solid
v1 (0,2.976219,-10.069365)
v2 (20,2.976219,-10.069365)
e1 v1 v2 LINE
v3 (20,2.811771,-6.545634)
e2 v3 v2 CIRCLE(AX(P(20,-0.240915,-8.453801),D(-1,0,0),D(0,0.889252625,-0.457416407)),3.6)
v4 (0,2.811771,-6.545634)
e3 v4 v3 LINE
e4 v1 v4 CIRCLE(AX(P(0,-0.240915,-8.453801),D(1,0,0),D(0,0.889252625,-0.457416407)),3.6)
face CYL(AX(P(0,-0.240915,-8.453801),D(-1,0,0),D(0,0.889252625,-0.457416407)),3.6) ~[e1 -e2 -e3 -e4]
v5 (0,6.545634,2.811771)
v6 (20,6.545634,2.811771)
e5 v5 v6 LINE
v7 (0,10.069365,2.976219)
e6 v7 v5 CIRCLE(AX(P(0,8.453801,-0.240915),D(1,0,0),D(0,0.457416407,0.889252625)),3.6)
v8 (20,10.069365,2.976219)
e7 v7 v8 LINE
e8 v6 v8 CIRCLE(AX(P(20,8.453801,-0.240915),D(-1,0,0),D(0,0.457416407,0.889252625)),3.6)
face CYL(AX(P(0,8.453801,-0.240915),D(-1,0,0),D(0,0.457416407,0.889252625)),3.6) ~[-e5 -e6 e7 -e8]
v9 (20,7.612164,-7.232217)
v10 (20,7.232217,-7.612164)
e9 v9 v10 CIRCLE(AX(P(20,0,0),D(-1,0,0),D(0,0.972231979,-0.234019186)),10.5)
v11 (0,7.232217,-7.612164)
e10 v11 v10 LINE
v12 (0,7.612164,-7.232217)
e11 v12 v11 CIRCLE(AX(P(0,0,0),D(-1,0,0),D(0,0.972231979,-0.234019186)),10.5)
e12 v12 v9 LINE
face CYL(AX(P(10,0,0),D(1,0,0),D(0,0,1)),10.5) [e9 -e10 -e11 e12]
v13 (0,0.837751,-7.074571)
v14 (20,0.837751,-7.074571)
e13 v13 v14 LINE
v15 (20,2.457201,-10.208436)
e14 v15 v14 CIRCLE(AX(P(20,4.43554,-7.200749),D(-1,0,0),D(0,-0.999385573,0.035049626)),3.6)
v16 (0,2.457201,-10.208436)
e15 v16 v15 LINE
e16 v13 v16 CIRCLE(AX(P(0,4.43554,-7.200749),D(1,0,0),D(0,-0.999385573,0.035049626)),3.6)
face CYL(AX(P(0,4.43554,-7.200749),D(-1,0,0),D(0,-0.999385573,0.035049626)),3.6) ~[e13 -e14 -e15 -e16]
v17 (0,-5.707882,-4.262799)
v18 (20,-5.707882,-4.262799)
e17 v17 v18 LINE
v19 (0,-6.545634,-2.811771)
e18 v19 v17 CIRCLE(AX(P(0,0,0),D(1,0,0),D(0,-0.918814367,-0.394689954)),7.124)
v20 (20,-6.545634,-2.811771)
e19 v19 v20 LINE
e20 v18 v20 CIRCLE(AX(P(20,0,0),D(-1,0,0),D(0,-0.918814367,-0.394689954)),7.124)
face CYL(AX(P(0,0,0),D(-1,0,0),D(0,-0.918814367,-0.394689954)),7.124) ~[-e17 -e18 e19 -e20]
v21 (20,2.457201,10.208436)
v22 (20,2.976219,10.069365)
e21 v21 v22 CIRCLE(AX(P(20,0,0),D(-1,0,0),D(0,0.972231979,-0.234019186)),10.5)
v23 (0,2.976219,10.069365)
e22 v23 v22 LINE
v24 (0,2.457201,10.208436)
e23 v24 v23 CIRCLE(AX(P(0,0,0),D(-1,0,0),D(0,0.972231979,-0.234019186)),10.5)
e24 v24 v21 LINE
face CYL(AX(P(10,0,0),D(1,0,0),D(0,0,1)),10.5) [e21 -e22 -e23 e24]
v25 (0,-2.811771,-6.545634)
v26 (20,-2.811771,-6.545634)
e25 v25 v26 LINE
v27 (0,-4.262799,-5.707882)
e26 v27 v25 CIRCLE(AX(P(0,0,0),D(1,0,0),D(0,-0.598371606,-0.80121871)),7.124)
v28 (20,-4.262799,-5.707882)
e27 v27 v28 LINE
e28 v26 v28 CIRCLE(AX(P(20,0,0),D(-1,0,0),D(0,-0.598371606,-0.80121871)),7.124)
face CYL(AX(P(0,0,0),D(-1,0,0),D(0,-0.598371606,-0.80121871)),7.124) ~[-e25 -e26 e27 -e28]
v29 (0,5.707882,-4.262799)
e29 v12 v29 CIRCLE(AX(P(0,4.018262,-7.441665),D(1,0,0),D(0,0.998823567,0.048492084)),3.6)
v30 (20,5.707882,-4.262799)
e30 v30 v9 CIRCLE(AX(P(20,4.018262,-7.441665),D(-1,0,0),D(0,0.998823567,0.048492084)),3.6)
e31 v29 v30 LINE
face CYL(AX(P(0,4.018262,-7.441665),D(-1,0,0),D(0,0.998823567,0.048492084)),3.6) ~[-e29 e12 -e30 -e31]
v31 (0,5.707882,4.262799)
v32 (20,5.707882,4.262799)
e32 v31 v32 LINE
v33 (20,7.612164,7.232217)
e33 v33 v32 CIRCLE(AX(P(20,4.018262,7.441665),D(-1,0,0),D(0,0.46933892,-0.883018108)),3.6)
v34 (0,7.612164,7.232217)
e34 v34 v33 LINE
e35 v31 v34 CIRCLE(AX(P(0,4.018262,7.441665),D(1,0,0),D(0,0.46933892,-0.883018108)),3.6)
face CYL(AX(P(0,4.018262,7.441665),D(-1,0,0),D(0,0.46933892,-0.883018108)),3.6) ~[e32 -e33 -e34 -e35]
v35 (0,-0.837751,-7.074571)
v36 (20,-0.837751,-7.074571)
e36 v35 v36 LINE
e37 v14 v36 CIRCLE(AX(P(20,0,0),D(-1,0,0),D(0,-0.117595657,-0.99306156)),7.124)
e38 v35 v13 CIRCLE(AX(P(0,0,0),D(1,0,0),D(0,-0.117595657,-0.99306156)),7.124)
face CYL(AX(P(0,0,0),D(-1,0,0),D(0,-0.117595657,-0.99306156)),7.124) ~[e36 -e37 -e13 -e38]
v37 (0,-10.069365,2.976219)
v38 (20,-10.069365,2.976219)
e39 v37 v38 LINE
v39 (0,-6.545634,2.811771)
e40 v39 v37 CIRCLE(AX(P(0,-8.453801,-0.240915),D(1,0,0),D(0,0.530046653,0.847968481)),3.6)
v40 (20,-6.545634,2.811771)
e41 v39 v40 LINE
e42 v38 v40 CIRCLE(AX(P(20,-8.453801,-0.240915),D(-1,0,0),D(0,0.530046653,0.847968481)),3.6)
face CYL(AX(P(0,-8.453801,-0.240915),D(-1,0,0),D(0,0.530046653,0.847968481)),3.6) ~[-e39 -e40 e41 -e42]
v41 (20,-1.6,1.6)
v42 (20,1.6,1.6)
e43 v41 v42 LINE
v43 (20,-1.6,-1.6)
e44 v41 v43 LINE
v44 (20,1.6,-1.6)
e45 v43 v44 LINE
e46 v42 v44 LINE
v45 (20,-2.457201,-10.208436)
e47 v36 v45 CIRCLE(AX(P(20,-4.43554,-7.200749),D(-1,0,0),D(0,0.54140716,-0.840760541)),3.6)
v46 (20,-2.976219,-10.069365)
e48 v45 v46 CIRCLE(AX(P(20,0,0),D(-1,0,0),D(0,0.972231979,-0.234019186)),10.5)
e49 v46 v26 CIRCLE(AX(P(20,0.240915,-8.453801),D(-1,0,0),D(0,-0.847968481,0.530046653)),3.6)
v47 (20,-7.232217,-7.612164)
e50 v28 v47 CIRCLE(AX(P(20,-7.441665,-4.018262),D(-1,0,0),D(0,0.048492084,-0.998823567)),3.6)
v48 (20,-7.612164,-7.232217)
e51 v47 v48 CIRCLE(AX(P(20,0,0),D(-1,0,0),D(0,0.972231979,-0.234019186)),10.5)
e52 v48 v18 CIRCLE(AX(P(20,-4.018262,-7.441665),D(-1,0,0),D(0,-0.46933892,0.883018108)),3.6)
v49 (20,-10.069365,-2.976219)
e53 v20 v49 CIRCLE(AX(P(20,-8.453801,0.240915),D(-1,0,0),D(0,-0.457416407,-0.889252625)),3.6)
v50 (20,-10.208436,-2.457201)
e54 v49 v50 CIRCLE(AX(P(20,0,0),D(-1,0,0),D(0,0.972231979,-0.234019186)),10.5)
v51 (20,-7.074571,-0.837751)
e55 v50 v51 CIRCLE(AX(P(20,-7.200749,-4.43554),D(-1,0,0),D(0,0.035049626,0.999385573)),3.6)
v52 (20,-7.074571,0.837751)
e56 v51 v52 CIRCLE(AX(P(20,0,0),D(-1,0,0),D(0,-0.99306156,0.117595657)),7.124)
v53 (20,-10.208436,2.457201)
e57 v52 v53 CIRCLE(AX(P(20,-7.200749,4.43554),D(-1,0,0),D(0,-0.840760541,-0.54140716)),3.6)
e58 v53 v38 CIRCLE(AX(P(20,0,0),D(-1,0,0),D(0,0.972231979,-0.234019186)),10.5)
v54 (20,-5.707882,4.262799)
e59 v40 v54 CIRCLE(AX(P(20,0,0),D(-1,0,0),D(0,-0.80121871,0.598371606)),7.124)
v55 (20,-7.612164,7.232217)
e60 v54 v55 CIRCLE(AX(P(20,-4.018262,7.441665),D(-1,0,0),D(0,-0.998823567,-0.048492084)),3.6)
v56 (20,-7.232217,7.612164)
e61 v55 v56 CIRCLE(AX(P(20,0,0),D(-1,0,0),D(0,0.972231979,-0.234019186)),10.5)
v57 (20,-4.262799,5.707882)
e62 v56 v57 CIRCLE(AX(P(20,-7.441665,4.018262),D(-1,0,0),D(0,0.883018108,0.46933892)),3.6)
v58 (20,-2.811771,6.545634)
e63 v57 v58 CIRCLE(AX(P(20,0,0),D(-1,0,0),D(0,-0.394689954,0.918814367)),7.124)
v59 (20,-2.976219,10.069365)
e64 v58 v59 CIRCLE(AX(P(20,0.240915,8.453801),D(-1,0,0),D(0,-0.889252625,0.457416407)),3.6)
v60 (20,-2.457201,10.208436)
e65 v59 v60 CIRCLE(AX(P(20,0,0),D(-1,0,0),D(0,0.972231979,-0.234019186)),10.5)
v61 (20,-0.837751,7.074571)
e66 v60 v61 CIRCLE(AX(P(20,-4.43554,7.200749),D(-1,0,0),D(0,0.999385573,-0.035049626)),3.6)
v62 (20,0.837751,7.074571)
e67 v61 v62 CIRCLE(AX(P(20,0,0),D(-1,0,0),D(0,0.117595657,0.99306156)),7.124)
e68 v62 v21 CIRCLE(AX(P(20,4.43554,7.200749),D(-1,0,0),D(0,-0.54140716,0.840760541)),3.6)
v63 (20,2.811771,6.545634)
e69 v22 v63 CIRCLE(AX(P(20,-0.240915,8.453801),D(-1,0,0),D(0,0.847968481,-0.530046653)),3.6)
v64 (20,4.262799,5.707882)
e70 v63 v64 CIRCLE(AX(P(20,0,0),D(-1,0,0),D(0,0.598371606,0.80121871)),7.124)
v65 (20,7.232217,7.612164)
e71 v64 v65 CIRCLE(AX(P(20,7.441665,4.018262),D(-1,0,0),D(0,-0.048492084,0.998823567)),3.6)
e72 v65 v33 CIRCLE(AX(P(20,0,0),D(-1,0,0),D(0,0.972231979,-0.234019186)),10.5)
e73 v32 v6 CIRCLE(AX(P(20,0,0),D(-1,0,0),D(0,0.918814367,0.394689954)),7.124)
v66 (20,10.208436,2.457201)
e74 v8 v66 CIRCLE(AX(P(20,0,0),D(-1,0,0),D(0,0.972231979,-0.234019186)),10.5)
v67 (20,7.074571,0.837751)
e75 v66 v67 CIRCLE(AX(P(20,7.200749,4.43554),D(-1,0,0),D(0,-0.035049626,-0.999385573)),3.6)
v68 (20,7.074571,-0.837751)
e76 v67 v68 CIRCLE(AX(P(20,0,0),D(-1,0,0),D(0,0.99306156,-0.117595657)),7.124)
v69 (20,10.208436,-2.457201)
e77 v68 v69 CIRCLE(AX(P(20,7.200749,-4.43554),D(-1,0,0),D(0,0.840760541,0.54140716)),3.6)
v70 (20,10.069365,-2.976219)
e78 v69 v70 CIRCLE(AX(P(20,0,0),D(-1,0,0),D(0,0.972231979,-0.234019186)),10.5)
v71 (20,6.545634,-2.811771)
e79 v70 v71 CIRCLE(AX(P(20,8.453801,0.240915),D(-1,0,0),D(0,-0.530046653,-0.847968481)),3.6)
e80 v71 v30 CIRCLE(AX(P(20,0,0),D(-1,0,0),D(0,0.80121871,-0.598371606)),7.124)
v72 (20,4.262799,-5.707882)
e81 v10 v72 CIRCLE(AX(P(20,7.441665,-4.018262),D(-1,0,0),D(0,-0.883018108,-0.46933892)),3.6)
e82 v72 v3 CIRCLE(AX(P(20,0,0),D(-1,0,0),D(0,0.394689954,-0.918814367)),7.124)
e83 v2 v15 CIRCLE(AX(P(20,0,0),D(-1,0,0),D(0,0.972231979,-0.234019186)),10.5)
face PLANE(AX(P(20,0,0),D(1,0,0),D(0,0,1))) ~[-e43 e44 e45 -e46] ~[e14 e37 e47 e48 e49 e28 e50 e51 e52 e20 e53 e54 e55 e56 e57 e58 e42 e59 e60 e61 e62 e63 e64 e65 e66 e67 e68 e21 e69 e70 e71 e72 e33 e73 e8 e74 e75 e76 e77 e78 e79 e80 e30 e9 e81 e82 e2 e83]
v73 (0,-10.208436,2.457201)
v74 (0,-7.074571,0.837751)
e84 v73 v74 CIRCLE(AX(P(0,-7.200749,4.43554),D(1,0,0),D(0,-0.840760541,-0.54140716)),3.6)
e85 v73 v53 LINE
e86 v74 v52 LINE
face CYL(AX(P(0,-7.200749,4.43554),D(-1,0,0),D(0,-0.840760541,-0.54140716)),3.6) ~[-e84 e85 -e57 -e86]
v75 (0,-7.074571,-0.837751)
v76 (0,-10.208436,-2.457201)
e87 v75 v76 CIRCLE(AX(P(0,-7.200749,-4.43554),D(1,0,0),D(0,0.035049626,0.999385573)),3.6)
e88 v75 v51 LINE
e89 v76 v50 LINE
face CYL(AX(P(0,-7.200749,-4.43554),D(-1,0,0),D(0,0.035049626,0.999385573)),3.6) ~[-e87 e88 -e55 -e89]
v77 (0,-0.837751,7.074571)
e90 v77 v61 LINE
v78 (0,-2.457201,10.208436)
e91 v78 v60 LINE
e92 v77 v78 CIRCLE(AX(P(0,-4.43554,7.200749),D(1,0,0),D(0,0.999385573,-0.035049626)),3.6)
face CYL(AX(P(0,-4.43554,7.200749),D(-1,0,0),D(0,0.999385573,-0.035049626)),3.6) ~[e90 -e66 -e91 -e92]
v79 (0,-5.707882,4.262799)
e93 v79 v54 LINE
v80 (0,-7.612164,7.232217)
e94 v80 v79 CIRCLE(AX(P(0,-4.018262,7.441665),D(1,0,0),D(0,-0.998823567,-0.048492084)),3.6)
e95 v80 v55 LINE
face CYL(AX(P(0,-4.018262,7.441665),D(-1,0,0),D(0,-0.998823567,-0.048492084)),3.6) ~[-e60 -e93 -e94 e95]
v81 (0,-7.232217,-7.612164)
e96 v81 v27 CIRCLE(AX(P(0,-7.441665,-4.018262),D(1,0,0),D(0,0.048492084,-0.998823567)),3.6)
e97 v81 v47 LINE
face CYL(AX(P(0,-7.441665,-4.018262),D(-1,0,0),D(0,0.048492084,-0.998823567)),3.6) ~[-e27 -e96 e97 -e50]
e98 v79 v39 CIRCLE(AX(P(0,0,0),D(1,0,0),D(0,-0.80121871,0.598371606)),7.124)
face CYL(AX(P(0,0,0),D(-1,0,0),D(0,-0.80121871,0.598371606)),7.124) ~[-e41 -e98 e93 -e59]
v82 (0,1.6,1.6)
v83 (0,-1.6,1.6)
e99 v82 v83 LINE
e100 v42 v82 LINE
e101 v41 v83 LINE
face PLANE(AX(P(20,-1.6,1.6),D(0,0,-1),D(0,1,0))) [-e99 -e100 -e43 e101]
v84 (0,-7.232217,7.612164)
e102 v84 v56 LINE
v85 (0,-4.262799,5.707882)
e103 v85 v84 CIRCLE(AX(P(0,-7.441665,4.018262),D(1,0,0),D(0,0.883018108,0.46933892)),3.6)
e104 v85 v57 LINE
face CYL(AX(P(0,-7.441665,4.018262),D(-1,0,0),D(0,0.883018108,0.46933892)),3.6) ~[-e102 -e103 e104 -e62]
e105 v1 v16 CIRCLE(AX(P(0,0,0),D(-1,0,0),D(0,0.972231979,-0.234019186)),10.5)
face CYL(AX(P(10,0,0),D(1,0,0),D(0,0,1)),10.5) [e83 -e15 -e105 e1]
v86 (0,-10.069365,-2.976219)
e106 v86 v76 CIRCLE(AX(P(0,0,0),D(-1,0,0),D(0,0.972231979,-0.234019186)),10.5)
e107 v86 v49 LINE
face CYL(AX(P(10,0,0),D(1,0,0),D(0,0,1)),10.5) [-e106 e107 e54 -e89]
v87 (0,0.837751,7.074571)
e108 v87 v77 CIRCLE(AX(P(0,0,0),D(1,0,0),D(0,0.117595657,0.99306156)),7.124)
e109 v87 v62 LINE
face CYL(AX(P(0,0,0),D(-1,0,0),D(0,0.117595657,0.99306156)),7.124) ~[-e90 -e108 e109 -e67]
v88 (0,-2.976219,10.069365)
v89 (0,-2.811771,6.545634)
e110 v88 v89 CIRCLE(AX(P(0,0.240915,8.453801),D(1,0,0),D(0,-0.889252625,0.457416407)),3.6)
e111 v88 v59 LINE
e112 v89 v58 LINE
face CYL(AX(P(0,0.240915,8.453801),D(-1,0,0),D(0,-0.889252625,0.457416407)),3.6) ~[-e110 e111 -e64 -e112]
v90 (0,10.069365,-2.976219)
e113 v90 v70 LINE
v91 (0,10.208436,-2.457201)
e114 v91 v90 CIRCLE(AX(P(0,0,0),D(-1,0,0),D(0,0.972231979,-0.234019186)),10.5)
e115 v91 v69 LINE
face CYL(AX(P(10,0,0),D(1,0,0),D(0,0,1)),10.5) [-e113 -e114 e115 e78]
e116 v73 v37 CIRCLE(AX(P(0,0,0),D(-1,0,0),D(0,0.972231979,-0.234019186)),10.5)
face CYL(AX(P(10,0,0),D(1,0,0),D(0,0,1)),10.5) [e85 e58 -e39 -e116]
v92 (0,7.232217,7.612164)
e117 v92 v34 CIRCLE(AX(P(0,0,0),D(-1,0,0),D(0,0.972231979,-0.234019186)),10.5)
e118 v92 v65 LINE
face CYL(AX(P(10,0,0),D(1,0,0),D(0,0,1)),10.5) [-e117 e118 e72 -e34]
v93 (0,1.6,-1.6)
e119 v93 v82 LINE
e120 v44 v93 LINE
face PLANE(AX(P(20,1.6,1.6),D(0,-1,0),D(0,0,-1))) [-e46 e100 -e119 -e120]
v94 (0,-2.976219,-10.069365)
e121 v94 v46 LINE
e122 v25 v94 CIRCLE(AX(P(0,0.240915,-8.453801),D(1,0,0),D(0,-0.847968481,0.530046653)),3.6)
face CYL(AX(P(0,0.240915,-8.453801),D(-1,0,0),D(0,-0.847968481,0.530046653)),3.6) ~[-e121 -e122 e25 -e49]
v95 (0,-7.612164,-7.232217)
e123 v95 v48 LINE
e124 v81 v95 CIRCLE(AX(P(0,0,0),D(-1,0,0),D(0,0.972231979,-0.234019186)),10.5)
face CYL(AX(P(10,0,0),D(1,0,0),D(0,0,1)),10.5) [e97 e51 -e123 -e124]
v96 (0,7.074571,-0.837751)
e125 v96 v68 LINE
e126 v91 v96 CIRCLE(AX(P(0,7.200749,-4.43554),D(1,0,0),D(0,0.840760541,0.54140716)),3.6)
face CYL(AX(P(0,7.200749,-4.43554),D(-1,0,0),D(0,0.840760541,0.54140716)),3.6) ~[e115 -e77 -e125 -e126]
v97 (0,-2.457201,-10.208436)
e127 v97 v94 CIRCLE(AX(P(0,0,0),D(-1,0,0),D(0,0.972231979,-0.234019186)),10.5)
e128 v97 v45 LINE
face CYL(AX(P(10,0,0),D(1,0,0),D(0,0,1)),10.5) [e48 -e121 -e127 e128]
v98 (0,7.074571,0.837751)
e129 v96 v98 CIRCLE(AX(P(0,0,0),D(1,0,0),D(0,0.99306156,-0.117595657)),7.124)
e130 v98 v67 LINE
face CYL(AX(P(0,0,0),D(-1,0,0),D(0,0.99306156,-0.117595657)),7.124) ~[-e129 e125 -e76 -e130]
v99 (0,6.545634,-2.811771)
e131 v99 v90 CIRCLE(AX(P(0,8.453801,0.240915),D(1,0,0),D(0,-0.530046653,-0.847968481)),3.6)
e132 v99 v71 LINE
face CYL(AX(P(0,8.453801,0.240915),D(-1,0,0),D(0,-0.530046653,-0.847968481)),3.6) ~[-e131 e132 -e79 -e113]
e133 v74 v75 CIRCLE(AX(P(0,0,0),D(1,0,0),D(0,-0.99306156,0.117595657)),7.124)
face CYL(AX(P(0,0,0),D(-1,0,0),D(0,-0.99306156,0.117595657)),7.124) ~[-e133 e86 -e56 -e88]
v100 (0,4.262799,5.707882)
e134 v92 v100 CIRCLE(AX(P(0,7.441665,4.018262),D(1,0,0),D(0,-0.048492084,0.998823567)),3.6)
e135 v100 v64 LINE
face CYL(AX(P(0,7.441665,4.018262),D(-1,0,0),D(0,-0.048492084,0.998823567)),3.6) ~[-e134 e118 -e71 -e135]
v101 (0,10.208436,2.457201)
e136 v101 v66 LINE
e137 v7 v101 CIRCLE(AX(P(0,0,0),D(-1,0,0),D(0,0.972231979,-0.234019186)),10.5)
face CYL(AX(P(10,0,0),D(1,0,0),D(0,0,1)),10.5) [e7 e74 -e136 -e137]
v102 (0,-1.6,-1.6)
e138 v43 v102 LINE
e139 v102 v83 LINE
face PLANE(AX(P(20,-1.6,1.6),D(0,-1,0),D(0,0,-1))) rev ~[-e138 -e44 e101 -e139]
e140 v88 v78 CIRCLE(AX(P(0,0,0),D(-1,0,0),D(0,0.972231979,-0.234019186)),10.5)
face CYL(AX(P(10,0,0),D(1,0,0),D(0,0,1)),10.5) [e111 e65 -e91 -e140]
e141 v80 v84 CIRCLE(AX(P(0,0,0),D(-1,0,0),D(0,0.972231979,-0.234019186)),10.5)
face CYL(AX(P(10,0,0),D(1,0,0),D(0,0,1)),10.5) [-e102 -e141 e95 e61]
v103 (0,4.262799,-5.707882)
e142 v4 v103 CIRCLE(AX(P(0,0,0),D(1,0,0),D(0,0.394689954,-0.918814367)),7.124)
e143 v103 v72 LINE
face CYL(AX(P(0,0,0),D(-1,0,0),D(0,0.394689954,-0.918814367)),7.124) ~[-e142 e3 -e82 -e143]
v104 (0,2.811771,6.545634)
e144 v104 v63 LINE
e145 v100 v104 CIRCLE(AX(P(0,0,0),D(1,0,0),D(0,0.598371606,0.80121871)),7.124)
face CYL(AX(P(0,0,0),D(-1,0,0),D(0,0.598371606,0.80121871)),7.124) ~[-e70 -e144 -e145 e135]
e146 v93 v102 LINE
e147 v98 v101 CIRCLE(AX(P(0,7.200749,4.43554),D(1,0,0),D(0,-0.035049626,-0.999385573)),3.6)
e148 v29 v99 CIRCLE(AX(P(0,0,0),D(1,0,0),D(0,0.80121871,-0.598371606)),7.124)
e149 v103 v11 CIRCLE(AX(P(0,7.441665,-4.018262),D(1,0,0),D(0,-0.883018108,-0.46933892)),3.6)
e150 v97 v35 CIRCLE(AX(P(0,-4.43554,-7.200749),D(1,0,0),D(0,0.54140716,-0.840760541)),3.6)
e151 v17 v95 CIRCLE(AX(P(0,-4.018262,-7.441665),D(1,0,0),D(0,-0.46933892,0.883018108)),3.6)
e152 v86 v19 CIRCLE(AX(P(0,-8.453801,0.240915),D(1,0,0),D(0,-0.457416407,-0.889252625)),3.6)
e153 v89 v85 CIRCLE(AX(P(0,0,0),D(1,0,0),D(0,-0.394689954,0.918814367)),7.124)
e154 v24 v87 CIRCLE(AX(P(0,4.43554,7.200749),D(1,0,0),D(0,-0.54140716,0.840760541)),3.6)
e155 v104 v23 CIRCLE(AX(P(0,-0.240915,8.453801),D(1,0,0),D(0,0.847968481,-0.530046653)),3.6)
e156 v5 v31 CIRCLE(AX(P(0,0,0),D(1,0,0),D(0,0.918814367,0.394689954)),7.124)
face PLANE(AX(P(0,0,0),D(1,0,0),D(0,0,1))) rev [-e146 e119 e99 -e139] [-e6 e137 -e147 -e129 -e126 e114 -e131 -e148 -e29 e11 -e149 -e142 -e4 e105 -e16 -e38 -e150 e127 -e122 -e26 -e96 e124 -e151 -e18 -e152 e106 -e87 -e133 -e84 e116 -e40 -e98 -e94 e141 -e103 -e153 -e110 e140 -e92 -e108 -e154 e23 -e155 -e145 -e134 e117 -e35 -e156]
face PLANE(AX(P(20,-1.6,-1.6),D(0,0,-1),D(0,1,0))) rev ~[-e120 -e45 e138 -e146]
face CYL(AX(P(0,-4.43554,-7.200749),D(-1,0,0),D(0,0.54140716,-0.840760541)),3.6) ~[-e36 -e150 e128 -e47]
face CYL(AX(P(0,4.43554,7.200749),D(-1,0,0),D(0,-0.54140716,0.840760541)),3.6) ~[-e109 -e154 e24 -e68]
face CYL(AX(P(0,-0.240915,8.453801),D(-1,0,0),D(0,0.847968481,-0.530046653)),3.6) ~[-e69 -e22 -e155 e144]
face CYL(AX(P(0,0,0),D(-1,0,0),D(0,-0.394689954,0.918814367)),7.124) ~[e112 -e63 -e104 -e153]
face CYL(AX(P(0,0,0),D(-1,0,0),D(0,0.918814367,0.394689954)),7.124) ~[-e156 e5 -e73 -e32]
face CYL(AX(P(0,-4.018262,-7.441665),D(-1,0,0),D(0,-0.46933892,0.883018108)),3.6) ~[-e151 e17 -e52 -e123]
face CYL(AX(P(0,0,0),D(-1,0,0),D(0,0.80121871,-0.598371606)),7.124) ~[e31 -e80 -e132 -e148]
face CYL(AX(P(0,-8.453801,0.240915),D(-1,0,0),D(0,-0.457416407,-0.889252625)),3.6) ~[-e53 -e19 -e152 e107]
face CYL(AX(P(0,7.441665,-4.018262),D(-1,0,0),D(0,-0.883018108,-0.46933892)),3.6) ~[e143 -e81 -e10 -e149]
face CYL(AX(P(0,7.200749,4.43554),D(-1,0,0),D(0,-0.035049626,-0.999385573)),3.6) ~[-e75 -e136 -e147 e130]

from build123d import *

# Parameters (mm, degrees)
BASPROSKE_W        = 20
BASPROSKE_H        = 10.5
TOOTHCUT_DEPTH     = 25.909837414
TEETHCUTS_COUNT    = 12
TEETHCUTS_ANGLE    = 330
BORSKE_R           = 0.5
BORE_DEPTH         = 50.0000508
SKETCH1_W          = 3.2
SKETCH1_H          = 3.2
CUT_EXTRUDE1_DEPTH = 30


with BuildPart() as part:
    # BasProSke → Base-Revolve (revolve)
    with BuildSketch(Plane(origin=(0, 0, 0), x_dir=(1, 0, 0), z_dir=(0, 1, 0)), mode=Mode.PRIVATE) as base_revolve_sk:
        with Locations((10, 5.25)):
            Rectangle(BASPROSKE_W, BASPROSKE_H)
    revolve(base_revolve_sk.sketch.rotate(Axis((-10, 0, 0), (1, 0, 0)), 180), axis=Axis((-10, 0, 0), (1, 0, 0)))

    # TooCutSke → ToothCut (cut, through all)
    with BuildSketch(Plane(origin=(0, 0, 0), x_dir=(0, 0, -1), z_dir=(1, 0, 0))):
        with BuildLine():
            ThreePointArc((0.837751456, 7.074570552), (0, 7.124), (-0.837751456, 7.074570552))
            ThreePointArc((-0.837751456, 7.074570552), (-1.245380016, 8.868946541), (-2.486473743, 10.227487154))
            ThreePointArc((-2.486473743, 10.227487154), (0, 10.5254), (2.486473743, 10.227487154))
            ThreePointArc((2.486473743, 10.227487154), (1.245380016, 8.868946541), (0.837751456, 7.074570552))
        make_face()
    toothcut = extrude(amount=TOOTHCUT_DEPTH, mode=Mode.SUBTRACT)

    # TeethCuts: ToothCut ×12 about axis
    teethcuts_axis = Axis((-10, 0, 0), (1, 0, 0))
    for i in range(1, TEETHCUTS_COUNT):
        add(toothcut.rotate(teethcuts_axis, i * TEETHCUTS_ANGLE / (TEETHCUTS_COUNT - 1)), mode=Mode.SUBTRACT)

    # BorSke → Bore (cut, symmetric)
    with BuildSketch(Plane(origin=(0, 0, 0), x_dir=(0, 0, -1), z_dir=(1, 0, 0))):
        with Locations(Location((0, 0, 0), (0, 0, 180))):
            Circle(BORSKE_R)
    extrude(amount=BORE_DEPTH, both=True, mode=Mode.SUBTRACT)

    # Sketch1 → Cut-Extrude1 (cut)
    with BuildSketch(Plane(origin=(20, 0, 0), x_dir=(0, 0, -1), z_dir=(1, 0, 0))):
        Rectangle(SKETCH1_W, SKETCH1_H)
    extrude(amount=-CUT_EXTRUDE1_DEPTH, mode=Mode.SUBTRACT)


solid = part.part
